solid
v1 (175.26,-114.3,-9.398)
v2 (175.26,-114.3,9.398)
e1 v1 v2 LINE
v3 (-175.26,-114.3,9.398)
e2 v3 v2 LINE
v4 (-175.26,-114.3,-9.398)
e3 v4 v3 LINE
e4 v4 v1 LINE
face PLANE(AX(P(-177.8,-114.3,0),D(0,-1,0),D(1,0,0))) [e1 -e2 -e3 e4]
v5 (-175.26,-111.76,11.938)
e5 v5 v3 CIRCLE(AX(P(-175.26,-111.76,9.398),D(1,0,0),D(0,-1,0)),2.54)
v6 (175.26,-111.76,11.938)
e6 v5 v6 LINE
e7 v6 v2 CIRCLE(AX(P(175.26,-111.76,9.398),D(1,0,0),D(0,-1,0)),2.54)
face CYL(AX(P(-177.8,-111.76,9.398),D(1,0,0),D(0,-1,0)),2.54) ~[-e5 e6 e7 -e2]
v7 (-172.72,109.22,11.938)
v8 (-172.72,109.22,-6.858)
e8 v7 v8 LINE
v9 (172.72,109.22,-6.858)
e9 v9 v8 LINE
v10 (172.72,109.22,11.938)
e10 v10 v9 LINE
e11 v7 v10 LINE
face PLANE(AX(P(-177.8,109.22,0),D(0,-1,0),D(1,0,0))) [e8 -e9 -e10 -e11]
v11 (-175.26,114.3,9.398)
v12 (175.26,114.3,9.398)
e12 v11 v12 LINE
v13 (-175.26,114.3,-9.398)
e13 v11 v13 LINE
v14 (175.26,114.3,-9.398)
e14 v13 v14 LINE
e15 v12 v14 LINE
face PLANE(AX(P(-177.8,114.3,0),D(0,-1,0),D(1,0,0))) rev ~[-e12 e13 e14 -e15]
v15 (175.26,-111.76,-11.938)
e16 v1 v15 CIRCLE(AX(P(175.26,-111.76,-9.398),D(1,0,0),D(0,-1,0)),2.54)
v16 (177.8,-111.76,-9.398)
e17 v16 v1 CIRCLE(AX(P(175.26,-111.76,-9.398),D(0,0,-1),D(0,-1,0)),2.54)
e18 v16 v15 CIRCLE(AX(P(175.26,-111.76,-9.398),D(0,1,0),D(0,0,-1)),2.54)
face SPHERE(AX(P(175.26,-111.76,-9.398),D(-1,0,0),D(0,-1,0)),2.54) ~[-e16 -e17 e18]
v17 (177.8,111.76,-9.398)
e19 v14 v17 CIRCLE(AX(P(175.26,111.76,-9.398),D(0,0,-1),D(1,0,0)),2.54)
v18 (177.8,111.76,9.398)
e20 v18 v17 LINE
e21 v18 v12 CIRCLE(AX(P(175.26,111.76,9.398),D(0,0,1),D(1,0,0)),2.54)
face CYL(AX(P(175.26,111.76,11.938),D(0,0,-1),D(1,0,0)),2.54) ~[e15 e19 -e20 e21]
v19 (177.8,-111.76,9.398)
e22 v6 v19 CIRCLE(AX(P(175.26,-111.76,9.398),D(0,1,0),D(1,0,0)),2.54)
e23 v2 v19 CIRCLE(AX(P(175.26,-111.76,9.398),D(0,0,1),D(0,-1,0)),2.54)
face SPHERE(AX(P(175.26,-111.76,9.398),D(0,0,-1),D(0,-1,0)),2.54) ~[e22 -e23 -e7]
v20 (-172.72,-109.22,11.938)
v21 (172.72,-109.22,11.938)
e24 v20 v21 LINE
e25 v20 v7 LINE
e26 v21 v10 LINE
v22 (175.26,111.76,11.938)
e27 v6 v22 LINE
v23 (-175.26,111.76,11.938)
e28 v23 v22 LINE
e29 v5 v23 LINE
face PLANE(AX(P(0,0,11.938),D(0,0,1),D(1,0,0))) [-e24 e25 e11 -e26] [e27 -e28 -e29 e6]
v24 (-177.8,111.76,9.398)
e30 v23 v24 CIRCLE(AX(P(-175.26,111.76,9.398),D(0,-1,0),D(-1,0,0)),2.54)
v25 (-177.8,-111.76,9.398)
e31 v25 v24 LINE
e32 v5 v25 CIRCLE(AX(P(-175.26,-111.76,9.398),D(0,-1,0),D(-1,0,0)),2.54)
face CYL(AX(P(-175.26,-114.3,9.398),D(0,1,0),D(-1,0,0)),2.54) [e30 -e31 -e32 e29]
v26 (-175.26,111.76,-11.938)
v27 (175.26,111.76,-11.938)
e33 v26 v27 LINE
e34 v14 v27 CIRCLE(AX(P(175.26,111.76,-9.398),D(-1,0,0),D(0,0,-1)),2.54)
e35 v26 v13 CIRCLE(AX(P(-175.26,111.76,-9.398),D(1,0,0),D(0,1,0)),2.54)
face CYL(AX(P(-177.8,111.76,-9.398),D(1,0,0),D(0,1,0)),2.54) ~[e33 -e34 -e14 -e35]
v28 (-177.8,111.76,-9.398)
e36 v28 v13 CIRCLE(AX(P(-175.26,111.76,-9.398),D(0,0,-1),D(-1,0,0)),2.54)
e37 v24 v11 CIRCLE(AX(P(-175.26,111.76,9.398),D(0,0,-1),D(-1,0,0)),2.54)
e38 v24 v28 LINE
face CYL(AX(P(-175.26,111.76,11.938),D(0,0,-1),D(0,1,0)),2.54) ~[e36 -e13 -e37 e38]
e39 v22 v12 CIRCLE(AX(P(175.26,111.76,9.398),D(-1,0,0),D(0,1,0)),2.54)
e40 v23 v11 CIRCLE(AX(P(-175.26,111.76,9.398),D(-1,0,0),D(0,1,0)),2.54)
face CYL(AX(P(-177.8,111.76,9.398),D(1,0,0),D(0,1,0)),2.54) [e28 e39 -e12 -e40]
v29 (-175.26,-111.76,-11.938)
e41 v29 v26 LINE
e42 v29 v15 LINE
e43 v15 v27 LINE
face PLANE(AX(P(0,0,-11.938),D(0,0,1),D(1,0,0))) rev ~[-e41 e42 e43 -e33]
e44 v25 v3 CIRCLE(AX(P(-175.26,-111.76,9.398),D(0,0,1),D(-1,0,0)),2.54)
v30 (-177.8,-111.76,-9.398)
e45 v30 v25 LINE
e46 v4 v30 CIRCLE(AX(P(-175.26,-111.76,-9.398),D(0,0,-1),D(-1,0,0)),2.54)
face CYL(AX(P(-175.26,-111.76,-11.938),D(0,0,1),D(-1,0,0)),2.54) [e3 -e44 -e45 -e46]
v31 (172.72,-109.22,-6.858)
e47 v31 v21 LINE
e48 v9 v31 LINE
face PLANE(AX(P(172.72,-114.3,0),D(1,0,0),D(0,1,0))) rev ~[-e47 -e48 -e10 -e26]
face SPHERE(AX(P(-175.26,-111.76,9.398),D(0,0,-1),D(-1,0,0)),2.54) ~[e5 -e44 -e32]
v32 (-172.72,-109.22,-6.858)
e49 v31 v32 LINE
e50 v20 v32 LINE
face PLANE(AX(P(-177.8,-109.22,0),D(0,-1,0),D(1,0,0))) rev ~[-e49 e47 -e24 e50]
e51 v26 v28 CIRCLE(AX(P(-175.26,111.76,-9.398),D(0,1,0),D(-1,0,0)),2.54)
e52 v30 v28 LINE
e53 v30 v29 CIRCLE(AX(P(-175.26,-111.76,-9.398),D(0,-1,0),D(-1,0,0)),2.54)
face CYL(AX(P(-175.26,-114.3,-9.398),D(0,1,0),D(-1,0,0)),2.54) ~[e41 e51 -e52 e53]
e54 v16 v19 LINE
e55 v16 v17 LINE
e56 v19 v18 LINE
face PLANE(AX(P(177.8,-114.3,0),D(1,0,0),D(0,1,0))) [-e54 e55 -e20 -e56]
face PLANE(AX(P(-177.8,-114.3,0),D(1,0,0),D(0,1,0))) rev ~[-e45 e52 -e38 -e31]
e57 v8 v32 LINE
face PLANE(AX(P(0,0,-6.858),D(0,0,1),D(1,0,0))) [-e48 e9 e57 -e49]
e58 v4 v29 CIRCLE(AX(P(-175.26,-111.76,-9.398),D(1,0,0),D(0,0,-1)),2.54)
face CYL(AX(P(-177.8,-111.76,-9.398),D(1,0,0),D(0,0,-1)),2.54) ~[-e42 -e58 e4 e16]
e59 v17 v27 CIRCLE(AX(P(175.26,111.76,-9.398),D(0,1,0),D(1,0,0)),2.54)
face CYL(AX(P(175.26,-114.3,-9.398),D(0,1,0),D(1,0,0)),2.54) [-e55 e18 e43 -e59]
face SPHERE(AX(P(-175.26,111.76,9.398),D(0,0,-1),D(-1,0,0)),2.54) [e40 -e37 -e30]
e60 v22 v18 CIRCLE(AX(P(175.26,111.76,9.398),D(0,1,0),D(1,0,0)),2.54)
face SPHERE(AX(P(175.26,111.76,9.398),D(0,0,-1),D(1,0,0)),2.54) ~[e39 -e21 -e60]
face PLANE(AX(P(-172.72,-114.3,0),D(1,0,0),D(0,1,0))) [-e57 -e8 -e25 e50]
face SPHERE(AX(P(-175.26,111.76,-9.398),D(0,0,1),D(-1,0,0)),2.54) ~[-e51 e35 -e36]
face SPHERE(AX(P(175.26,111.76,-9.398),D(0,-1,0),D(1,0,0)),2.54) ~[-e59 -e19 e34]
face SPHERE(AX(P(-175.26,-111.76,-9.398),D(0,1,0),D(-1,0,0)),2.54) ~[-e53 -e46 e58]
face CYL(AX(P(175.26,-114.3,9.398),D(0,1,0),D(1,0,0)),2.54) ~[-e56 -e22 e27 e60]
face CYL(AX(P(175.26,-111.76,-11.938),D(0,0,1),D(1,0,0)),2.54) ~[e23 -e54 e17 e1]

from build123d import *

# Parameters (mm, degrees)
F0_W     = 355.6
F0_H     = 228.6
F1_DEPTH = 11.938
F2_T     = -5.08
F3_R     = 2.54


with BuildPart() as f1:
    # F0 (on Top) → F1 (new body, symmetric)
    with BuildSketch(Plane.XY):
        Rectangle(F0_W, F0_H)
    extrude(amount=F1_DEPTH, both=True)

    # F2
    f2_openings = [f1.faces().sort_by_distance(p)[0] for p in [
        (0, 0, 11.938),
    ]]
    offset(amount=F2_T, openings=f2_openings)

    # F3
    f3_edges = [f1.edges().sort_by_distance(p)[0] for p in [
        (-177.8, 114.3, 0),
        (-177.8, 0, -11.938),
        (-177.8, -114.3, 0),
        (-177.8, 0, 11.938),
        (0, -114.3, -11.938),
        (177.8, -114.3, 0),
        (0, -114.3, 11.938),
        (177.8, 0, -11.938),
        (177.8, 114.3, 0),
        (177.8, 0, 11.938),
        (0, 114.3, -11.938),
        (0, 114.3, 11.938),
    ]]
    fillet(f3_edges, radius=F3_R)


solid = f1.part
